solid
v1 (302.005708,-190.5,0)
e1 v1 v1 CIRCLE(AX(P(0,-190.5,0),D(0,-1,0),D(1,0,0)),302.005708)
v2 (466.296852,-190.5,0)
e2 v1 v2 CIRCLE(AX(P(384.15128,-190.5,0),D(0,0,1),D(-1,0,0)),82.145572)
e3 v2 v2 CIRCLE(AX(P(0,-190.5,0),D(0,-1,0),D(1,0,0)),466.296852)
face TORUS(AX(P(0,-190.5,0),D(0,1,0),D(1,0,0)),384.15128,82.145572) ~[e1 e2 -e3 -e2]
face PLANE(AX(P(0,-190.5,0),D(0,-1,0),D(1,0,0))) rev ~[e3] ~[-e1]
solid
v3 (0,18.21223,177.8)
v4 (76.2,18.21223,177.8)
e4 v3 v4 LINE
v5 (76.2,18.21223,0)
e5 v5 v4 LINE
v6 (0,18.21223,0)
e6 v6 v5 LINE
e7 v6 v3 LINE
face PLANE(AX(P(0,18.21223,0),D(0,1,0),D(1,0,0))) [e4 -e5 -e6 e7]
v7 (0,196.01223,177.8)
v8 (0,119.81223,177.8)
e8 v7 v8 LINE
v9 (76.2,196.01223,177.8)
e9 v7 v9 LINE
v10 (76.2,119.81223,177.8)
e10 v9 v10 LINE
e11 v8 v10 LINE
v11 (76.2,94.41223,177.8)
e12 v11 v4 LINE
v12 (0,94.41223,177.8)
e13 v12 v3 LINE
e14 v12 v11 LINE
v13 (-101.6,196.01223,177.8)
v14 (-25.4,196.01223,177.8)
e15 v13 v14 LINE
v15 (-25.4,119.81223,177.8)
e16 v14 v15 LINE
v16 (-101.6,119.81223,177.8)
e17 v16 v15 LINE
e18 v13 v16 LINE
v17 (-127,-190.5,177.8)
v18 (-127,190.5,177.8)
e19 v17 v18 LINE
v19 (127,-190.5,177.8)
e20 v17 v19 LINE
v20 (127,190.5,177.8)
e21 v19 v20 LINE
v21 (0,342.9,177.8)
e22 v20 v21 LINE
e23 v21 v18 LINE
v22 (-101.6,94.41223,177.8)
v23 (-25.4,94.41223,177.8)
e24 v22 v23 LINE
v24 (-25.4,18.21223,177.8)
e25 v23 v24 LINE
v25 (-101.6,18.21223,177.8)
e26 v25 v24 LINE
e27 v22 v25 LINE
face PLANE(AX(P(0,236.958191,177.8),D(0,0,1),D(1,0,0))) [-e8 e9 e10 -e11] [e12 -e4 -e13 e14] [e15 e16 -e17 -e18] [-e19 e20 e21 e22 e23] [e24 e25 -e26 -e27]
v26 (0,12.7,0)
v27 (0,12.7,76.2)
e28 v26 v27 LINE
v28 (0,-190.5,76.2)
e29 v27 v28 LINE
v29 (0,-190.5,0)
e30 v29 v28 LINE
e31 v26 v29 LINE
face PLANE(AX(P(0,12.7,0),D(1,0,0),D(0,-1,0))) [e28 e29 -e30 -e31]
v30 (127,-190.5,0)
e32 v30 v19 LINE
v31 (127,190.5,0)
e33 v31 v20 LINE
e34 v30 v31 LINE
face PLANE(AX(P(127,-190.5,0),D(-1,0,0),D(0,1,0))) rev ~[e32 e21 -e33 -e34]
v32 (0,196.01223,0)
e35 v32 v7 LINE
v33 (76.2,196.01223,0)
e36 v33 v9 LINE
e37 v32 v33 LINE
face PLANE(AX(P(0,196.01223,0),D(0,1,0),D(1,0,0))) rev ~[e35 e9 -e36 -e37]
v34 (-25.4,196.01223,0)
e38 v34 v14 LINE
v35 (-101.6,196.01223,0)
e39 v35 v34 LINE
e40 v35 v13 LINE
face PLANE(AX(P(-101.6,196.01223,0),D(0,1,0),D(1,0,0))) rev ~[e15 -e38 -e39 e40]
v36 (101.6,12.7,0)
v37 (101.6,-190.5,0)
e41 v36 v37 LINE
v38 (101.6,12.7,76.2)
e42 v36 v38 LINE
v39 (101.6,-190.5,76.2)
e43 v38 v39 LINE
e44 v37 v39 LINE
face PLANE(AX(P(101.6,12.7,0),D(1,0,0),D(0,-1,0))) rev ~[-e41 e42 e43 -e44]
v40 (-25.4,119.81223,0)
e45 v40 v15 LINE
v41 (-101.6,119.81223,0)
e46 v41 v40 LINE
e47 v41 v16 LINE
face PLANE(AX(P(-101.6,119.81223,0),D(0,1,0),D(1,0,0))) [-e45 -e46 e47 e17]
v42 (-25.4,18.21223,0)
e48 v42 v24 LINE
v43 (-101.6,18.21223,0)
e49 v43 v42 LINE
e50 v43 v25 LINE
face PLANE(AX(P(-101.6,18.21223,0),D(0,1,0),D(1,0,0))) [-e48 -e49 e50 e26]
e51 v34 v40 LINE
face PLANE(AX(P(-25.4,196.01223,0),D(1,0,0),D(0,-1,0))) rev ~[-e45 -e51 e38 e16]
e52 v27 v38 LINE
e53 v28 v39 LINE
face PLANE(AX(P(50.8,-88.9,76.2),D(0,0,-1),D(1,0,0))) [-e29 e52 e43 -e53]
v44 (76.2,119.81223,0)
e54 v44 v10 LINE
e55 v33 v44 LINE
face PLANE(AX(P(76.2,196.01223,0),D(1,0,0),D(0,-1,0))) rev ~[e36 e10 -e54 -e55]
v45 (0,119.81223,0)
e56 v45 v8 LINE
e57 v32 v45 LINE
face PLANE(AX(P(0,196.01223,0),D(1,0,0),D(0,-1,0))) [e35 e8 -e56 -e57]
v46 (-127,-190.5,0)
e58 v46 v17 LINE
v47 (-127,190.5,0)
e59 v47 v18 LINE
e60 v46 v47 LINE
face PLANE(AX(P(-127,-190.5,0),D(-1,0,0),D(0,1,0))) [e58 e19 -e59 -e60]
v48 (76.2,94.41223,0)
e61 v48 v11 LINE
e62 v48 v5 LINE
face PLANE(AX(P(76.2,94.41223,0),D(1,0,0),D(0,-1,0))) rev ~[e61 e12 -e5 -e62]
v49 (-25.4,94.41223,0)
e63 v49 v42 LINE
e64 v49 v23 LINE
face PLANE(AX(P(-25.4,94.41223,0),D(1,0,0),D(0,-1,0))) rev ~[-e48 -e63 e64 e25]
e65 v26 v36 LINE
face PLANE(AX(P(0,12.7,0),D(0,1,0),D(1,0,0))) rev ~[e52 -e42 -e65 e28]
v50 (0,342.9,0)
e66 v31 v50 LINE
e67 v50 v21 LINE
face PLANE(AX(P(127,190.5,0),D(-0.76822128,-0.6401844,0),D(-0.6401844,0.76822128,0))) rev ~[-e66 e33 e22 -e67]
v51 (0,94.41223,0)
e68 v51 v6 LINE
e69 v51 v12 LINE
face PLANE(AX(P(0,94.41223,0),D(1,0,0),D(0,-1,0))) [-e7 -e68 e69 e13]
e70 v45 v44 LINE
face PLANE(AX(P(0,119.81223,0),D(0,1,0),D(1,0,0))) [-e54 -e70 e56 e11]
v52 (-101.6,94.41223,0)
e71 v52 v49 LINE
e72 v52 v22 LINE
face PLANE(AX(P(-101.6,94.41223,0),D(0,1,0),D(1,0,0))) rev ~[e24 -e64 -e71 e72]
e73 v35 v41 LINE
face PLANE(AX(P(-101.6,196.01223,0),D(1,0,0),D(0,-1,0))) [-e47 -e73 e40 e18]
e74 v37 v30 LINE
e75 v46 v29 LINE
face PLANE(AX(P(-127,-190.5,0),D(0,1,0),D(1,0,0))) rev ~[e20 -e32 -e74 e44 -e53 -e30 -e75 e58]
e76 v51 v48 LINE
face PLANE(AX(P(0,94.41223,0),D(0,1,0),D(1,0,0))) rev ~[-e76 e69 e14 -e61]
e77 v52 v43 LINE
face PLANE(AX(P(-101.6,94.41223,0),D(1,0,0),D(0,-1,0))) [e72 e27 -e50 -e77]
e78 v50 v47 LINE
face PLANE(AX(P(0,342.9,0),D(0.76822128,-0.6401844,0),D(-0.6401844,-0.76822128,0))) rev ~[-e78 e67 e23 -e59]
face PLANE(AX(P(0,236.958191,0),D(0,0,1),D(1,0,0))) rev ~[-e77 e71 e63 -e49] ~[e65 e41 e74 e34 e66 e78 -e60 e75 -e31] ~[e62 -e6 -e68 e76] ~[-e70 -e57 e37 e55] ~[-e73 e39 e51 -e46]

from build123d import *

# Parameters (mm, degrees)
F0_W     = 254
F0_H     = 381
F1_DEPTH = 177.8
F2_W     = 101.6
F2_H     = 203.2
F3_DEPTH = 76.2
F6_W     = 76.2
F6_H     = 76.2
F7_DEPTH = 177.8


with BuildPart() as f1:
    # F0 (on Top) → F1 (new body)
    with BuildSketch(Plane.XY):
        Polygon((0, 342.9), (-127, 190.5), (127, 190.5), align=None)
        Rectangle(F0_W, F0_H)
    extrude(amount=F1_DEPTH)

    # F2 (on face) → F3 (cut)
    with BuildSketch(Plane(origin=(0, 0, 0), x_dir=(1, 0, 0), z_dir=(0, 0, -1))):
        with Locations((50.8, 88.9)):
            Rectangle(F2_W, F2_H)
    extrude(amount=-F3_DEPTH, mode=Mode.SUBTRACT)

    # F6 (on face) → F7 (cut, through all)
    with BuildSketch(Plane(origin=(0, 0, 0), x_dir=(1, 0, 0), z_dir=(0, 0, -1))):
        with Locations((38.1, -157.91223)):
            Rectangle(F6_W, F6_H)
        with Locations((38.1, -56.31223)):
            Rectangle(F6_W, F6_H)
        with Locations((-63.5, -56.31223)):
            Rectangle(F6_W, F6_H)
        with Locations((-63.5, -157.91223)):
            Rectangle(F6_W, F6_H)
    extrude(amount=-F7_DEPTH, mode=Mode.SUBTRACT)


with BuildPart() as f5:
    # F4 (on Top) → F5 (revolve)
    with BuildSketch(Plane.XY):
        with BuildLine():
            Line((466.296852, -190.5), (302.005708, -190.5))
            ThreePointArc((302.005708, -190.5), (384.15128, -272.645572), (466.296852, -190.5))
        make_face()
    revolve(axis=Axis((0, -13.008375, 0), (0, -1, 0)))


solid = Compound([f1.part, f5.part])
